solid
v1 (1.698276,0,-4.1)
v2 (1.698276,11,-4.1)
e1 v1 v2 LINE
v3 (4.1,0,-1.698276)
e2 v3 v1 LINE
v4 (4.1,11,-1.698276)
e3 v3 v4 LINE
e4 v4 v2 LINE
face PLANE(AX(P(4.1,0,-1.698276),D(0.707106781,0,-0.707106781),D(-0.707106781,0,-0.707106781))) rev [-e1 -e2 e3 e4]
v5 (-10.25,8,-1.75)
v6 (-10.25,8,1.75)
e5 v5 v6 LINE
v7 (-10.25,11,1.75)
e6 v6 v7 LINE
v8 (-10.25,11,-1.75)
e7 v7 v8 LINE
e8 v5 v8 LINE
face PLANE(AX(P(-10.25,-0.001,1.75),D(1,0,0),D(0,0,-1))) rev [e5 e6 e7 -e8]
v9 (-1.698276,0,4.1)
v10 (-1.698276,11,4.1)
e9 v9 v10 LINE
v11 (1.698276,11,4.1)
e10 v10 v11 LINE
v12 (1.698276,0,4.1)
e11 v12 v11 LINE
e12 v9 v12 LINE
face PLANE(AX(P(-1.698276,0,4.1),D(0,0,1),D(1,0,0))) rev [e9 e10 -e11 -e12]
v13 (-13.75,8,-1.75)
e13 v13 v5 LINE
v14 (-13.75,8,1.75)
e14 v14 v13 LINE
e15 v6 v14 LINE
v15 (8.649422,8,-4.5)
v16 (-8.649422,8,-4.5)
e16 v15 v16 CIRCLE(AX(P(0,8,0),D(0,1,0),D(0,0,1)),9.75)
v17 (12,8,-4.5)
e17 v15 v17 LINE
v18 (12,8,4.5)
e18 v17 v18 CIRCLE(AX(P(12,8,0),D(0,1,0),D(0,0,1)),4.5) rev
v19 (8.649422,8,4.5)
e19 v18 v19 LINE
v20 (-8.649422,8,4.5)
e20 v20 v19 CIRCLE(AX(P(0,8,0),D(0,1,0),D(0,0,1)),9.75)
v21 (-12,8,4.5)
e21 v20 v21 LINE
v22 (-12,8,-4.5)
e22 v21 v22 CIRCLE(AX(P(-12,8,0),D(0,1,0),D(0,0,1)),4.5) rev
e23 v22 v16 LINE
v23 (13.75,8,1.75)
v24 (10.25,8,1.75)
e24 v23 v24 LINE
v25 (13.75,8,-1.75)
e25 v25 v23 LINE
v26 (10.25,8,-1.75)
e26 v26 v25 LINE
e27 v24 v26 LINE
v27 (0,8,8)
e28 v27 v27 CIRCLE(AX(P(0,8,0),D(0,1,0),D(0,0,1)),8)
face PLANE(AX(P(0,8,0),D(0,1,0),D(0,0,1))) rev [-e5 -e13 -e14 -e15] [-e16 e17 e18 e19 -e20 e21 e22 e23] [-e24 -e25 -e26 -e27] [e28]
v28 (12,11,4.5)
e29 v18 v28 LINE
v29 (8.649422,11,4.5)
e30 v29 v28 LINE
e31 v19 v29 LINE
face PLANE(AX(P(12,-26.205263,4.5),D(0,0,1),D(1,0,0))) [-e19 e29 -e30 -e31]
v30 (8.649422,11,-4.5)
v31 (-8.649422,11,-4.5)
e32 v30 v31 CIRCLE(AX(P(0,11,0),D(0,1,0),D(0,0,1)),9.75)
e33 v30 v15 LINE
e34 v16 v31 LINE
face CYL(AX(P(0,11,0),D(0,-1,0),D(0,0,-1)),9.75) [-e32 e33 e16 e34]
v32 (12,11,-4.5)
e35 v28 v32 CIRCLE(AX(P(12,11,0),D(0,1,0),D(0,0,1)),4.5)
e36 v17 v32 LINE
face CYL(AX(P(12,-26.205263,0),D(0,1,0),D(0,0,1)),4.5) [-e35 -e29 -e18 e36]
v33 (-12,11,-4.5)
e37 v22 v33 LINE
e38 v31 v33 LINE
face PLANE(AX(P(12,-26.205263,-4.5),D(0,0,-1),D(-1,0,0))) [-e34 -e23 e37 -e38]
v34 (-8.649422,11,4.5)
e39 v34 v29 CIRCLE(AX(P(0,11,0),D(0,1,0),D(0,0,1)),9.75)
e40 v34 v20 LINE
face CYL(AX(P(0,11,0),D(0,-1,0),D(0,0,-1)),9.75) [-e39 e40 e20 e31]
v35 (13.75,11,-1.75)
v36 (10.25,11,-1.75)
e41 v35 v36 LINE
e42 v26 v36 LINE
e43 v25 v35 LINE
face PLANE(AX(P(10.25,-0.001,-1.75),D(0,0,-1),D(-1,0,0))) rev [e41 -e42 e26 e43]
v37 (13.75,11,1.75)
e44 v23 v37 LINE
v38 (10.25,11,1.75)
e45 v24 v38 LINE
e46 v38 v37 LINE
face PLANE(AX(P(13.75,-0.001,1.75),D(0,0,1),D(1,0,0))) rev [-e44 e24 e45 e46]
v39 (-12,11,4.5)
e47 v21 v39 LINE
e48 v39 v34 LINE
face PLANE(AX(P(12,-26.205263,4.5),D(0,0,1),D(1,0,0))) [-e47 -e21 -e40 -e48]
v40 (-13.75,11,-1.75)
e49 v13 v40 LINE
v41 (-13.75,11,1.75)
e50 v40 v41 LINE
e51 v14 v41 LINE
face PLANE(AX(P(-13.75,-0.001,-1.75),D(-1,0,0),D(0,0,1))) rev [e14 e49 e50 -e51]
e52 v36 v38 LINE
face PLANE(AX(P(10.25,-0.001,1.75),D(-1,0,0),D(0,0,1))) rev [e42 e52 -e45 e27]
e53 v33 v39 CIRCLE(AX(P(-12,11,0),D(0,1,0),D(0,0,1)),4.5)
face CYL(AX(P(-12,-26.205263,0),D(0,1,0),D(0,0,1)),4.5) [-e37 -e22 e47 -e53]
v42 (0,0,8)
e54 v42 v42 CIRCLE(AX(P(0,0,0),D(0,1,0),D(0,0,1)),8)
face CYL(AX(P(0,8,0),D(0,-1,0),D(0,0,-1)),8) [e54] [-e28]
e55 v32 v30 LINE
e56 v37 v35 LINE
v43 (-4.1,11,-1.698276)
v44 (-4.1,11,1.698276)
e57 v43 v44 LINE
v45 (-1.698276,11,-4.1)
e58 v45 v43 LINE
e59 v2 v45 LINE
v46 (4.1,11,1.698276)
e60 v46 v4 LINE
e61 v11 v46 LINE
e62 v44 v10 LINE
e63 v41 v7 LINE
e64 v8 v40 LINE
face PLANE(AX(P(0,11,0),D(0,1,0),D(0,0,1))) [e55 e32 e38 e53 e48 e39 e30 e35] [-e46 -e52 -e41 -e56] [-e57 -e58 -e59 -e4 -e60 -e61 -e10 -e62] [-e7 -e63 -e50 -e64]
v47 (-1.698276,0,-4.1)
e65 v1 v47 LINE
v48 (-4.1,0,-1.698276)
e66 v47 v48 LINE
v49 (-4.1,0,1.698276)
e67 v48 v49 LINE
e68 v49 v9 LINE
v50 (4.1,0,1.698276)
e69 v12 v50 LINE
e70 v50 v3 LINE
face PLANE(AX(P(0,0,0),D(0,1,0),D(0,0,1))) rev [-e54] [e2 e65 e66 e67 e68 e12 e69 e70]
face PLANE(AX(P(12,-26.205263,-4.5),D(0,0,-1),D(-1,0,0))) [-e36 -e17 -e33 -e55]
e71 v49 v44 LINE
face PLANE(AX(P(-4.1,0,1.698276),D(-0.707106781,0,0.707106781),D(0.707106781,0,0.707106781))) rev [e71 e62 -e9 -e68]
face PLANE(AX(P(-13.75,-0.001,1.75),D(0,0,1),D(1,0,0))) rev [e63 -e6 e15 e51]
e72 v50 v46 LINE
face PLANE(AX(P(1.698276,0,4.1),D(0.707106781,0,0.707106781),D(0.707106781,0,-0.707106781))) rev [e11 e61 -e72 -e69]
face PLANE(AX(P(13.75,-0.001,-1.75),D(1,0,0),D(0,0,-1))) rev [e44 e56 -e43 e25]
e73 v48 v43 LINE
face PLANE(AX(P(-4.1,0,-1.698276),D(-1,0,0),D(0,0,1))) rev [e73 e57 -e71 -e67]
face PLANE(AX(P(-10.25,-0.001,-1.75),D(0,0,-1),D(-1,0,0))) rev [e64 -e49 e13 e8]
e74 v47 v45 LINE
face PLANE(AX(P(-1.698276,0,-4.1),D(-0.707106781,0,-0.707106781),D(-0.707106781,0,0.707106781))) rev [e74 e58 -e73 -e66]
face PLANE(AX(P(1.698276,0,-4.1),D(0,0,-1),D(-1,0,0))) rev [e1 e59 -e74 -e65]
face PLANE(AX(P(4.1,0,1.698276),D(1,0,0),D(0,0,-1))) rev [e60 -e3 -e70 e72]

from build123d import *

# Parameters (mm, degrees)
SKETCH1_R           = 8
BOSS_EXTRUDE1_DEPTH = 8
SKETCH2_R           = 9.75
BOSS_EXTRUDE2_DEPTH = 3
BOSS_EXTRUDE3_DEPTH = 3
CUT_EXTRUDE2_REACH  = 13
SKETCH5_W           = 3.5
SKETCH5_H           = 3.5
CUT_EXTRUDE1_DEPTH  = 12


with BuildPart() as part:
    # Sketch1 → Boss-Extrude1 (new body)
    with BuildSketch(Plane(origin=(0, 0, 0), x_dir=(1, 0, 0), z_dir=(0, 1, 0))):
        Circle(SKETCH1_R)
    extrude(amount=BOSS_EXTRUDE1_DEPTH)

    # Sketch2 → Boss-Extrude2 (add)
    with BuildSketch(Plane(origin=(0, 8, 0), x_dir=(1, 0, 0), z_dir=(0, 1, 0))):
        Circle(SKETCH2_R)
    extrude(amount=BOSS_EXTRUDE2_DEPTH)

    # Sketch4 → Boss-Extrude3 (add)
    with BuildSketch(Plane(origin=(0, 11, 0), x_dir=(1, 0, 0), z_dir=(0, 1, 0))):
        with BuildLine():
            Line((12, -4.5), (-12, -4.5))
            ThreePointArc((-12, -4.5), (-16.5, 0), (-12, 4.5))
            Line((-12, 4.5), (12, 4.5))
            ThreePointArc((12, 4.5), (16.5, 0), (12, -4.5))
        make_face()
    extrude(amount=-BOSS_EXTRUDE3_DEPTH)

    # Sketch5 → Cut-Extrude2 (cut, up to next)
    with BuildSketch(Plane(origin=(0, 11, 0), x_dir=(1, 0, 0), z_dir=(0, 1, 0)), mode=Mode.PRIVATE) as cut_extrude2_sk1:
        with Locations((-12, 0)):
            Rectangle(SKETCH5_W, SKETCH5_H)
    cut_extrude2_tool1 = extrude(cut_extrude2_sk1.sketch, amount=-CUT_EXTRUDE2_REACH, mode=Mode.PRIVATE) & part.part
    add(cut_extrude2_tool1.solids().sort_by_distance((-12, 11, 0))[0], mode=Mode.SUBTRACT)
    # Sketch5 → Cut-Extrude2 (cut, up to next)
    with BuildSketch(Plane(origin=(0, 11, 0), x_dir=(1, 0, 0), z_dir=(0, 1, 0)), mode=Mode.PRIVATE) as cut_extrude2_sk2:
        with Locations((12, 0)):
            Rectangle(SKETCH5_W, SKETCH5_H)
    cut_extrude2_tool2 = extrude(cut_extrude2_sk2.sketch, amount=-CUT_EXTRUDE2_REACH, mode=Mode.PRIVATE) & part.part
    add(cut_extrude2_tool2.solids().sort_by_distance((12, 11, 0))[0], mode=Mode.SUBTRACT)

    # Sketch3 → Cut-Extrude1 (cut, through all)
    with BuildSketch(Plane(origin=(0, 11, 0), x_dir=(1, 0, 0), z_dir=(0, 1, 0))):
        Polygon((4.1, 1.698275606), (1.698275606, 4.1), (-1.698275606, 4.1), (-4.1, 1.698275606), (-4.1, -1.698275606), (-1.698275606, -4.1), (1.698275606, -4.1), (4.1, -1.698275606), align=None)
    extrude(amount=-CUT_EXTRUDE1_DEPTH, mode=Mode.SUBTRACT)


solid = part.part
